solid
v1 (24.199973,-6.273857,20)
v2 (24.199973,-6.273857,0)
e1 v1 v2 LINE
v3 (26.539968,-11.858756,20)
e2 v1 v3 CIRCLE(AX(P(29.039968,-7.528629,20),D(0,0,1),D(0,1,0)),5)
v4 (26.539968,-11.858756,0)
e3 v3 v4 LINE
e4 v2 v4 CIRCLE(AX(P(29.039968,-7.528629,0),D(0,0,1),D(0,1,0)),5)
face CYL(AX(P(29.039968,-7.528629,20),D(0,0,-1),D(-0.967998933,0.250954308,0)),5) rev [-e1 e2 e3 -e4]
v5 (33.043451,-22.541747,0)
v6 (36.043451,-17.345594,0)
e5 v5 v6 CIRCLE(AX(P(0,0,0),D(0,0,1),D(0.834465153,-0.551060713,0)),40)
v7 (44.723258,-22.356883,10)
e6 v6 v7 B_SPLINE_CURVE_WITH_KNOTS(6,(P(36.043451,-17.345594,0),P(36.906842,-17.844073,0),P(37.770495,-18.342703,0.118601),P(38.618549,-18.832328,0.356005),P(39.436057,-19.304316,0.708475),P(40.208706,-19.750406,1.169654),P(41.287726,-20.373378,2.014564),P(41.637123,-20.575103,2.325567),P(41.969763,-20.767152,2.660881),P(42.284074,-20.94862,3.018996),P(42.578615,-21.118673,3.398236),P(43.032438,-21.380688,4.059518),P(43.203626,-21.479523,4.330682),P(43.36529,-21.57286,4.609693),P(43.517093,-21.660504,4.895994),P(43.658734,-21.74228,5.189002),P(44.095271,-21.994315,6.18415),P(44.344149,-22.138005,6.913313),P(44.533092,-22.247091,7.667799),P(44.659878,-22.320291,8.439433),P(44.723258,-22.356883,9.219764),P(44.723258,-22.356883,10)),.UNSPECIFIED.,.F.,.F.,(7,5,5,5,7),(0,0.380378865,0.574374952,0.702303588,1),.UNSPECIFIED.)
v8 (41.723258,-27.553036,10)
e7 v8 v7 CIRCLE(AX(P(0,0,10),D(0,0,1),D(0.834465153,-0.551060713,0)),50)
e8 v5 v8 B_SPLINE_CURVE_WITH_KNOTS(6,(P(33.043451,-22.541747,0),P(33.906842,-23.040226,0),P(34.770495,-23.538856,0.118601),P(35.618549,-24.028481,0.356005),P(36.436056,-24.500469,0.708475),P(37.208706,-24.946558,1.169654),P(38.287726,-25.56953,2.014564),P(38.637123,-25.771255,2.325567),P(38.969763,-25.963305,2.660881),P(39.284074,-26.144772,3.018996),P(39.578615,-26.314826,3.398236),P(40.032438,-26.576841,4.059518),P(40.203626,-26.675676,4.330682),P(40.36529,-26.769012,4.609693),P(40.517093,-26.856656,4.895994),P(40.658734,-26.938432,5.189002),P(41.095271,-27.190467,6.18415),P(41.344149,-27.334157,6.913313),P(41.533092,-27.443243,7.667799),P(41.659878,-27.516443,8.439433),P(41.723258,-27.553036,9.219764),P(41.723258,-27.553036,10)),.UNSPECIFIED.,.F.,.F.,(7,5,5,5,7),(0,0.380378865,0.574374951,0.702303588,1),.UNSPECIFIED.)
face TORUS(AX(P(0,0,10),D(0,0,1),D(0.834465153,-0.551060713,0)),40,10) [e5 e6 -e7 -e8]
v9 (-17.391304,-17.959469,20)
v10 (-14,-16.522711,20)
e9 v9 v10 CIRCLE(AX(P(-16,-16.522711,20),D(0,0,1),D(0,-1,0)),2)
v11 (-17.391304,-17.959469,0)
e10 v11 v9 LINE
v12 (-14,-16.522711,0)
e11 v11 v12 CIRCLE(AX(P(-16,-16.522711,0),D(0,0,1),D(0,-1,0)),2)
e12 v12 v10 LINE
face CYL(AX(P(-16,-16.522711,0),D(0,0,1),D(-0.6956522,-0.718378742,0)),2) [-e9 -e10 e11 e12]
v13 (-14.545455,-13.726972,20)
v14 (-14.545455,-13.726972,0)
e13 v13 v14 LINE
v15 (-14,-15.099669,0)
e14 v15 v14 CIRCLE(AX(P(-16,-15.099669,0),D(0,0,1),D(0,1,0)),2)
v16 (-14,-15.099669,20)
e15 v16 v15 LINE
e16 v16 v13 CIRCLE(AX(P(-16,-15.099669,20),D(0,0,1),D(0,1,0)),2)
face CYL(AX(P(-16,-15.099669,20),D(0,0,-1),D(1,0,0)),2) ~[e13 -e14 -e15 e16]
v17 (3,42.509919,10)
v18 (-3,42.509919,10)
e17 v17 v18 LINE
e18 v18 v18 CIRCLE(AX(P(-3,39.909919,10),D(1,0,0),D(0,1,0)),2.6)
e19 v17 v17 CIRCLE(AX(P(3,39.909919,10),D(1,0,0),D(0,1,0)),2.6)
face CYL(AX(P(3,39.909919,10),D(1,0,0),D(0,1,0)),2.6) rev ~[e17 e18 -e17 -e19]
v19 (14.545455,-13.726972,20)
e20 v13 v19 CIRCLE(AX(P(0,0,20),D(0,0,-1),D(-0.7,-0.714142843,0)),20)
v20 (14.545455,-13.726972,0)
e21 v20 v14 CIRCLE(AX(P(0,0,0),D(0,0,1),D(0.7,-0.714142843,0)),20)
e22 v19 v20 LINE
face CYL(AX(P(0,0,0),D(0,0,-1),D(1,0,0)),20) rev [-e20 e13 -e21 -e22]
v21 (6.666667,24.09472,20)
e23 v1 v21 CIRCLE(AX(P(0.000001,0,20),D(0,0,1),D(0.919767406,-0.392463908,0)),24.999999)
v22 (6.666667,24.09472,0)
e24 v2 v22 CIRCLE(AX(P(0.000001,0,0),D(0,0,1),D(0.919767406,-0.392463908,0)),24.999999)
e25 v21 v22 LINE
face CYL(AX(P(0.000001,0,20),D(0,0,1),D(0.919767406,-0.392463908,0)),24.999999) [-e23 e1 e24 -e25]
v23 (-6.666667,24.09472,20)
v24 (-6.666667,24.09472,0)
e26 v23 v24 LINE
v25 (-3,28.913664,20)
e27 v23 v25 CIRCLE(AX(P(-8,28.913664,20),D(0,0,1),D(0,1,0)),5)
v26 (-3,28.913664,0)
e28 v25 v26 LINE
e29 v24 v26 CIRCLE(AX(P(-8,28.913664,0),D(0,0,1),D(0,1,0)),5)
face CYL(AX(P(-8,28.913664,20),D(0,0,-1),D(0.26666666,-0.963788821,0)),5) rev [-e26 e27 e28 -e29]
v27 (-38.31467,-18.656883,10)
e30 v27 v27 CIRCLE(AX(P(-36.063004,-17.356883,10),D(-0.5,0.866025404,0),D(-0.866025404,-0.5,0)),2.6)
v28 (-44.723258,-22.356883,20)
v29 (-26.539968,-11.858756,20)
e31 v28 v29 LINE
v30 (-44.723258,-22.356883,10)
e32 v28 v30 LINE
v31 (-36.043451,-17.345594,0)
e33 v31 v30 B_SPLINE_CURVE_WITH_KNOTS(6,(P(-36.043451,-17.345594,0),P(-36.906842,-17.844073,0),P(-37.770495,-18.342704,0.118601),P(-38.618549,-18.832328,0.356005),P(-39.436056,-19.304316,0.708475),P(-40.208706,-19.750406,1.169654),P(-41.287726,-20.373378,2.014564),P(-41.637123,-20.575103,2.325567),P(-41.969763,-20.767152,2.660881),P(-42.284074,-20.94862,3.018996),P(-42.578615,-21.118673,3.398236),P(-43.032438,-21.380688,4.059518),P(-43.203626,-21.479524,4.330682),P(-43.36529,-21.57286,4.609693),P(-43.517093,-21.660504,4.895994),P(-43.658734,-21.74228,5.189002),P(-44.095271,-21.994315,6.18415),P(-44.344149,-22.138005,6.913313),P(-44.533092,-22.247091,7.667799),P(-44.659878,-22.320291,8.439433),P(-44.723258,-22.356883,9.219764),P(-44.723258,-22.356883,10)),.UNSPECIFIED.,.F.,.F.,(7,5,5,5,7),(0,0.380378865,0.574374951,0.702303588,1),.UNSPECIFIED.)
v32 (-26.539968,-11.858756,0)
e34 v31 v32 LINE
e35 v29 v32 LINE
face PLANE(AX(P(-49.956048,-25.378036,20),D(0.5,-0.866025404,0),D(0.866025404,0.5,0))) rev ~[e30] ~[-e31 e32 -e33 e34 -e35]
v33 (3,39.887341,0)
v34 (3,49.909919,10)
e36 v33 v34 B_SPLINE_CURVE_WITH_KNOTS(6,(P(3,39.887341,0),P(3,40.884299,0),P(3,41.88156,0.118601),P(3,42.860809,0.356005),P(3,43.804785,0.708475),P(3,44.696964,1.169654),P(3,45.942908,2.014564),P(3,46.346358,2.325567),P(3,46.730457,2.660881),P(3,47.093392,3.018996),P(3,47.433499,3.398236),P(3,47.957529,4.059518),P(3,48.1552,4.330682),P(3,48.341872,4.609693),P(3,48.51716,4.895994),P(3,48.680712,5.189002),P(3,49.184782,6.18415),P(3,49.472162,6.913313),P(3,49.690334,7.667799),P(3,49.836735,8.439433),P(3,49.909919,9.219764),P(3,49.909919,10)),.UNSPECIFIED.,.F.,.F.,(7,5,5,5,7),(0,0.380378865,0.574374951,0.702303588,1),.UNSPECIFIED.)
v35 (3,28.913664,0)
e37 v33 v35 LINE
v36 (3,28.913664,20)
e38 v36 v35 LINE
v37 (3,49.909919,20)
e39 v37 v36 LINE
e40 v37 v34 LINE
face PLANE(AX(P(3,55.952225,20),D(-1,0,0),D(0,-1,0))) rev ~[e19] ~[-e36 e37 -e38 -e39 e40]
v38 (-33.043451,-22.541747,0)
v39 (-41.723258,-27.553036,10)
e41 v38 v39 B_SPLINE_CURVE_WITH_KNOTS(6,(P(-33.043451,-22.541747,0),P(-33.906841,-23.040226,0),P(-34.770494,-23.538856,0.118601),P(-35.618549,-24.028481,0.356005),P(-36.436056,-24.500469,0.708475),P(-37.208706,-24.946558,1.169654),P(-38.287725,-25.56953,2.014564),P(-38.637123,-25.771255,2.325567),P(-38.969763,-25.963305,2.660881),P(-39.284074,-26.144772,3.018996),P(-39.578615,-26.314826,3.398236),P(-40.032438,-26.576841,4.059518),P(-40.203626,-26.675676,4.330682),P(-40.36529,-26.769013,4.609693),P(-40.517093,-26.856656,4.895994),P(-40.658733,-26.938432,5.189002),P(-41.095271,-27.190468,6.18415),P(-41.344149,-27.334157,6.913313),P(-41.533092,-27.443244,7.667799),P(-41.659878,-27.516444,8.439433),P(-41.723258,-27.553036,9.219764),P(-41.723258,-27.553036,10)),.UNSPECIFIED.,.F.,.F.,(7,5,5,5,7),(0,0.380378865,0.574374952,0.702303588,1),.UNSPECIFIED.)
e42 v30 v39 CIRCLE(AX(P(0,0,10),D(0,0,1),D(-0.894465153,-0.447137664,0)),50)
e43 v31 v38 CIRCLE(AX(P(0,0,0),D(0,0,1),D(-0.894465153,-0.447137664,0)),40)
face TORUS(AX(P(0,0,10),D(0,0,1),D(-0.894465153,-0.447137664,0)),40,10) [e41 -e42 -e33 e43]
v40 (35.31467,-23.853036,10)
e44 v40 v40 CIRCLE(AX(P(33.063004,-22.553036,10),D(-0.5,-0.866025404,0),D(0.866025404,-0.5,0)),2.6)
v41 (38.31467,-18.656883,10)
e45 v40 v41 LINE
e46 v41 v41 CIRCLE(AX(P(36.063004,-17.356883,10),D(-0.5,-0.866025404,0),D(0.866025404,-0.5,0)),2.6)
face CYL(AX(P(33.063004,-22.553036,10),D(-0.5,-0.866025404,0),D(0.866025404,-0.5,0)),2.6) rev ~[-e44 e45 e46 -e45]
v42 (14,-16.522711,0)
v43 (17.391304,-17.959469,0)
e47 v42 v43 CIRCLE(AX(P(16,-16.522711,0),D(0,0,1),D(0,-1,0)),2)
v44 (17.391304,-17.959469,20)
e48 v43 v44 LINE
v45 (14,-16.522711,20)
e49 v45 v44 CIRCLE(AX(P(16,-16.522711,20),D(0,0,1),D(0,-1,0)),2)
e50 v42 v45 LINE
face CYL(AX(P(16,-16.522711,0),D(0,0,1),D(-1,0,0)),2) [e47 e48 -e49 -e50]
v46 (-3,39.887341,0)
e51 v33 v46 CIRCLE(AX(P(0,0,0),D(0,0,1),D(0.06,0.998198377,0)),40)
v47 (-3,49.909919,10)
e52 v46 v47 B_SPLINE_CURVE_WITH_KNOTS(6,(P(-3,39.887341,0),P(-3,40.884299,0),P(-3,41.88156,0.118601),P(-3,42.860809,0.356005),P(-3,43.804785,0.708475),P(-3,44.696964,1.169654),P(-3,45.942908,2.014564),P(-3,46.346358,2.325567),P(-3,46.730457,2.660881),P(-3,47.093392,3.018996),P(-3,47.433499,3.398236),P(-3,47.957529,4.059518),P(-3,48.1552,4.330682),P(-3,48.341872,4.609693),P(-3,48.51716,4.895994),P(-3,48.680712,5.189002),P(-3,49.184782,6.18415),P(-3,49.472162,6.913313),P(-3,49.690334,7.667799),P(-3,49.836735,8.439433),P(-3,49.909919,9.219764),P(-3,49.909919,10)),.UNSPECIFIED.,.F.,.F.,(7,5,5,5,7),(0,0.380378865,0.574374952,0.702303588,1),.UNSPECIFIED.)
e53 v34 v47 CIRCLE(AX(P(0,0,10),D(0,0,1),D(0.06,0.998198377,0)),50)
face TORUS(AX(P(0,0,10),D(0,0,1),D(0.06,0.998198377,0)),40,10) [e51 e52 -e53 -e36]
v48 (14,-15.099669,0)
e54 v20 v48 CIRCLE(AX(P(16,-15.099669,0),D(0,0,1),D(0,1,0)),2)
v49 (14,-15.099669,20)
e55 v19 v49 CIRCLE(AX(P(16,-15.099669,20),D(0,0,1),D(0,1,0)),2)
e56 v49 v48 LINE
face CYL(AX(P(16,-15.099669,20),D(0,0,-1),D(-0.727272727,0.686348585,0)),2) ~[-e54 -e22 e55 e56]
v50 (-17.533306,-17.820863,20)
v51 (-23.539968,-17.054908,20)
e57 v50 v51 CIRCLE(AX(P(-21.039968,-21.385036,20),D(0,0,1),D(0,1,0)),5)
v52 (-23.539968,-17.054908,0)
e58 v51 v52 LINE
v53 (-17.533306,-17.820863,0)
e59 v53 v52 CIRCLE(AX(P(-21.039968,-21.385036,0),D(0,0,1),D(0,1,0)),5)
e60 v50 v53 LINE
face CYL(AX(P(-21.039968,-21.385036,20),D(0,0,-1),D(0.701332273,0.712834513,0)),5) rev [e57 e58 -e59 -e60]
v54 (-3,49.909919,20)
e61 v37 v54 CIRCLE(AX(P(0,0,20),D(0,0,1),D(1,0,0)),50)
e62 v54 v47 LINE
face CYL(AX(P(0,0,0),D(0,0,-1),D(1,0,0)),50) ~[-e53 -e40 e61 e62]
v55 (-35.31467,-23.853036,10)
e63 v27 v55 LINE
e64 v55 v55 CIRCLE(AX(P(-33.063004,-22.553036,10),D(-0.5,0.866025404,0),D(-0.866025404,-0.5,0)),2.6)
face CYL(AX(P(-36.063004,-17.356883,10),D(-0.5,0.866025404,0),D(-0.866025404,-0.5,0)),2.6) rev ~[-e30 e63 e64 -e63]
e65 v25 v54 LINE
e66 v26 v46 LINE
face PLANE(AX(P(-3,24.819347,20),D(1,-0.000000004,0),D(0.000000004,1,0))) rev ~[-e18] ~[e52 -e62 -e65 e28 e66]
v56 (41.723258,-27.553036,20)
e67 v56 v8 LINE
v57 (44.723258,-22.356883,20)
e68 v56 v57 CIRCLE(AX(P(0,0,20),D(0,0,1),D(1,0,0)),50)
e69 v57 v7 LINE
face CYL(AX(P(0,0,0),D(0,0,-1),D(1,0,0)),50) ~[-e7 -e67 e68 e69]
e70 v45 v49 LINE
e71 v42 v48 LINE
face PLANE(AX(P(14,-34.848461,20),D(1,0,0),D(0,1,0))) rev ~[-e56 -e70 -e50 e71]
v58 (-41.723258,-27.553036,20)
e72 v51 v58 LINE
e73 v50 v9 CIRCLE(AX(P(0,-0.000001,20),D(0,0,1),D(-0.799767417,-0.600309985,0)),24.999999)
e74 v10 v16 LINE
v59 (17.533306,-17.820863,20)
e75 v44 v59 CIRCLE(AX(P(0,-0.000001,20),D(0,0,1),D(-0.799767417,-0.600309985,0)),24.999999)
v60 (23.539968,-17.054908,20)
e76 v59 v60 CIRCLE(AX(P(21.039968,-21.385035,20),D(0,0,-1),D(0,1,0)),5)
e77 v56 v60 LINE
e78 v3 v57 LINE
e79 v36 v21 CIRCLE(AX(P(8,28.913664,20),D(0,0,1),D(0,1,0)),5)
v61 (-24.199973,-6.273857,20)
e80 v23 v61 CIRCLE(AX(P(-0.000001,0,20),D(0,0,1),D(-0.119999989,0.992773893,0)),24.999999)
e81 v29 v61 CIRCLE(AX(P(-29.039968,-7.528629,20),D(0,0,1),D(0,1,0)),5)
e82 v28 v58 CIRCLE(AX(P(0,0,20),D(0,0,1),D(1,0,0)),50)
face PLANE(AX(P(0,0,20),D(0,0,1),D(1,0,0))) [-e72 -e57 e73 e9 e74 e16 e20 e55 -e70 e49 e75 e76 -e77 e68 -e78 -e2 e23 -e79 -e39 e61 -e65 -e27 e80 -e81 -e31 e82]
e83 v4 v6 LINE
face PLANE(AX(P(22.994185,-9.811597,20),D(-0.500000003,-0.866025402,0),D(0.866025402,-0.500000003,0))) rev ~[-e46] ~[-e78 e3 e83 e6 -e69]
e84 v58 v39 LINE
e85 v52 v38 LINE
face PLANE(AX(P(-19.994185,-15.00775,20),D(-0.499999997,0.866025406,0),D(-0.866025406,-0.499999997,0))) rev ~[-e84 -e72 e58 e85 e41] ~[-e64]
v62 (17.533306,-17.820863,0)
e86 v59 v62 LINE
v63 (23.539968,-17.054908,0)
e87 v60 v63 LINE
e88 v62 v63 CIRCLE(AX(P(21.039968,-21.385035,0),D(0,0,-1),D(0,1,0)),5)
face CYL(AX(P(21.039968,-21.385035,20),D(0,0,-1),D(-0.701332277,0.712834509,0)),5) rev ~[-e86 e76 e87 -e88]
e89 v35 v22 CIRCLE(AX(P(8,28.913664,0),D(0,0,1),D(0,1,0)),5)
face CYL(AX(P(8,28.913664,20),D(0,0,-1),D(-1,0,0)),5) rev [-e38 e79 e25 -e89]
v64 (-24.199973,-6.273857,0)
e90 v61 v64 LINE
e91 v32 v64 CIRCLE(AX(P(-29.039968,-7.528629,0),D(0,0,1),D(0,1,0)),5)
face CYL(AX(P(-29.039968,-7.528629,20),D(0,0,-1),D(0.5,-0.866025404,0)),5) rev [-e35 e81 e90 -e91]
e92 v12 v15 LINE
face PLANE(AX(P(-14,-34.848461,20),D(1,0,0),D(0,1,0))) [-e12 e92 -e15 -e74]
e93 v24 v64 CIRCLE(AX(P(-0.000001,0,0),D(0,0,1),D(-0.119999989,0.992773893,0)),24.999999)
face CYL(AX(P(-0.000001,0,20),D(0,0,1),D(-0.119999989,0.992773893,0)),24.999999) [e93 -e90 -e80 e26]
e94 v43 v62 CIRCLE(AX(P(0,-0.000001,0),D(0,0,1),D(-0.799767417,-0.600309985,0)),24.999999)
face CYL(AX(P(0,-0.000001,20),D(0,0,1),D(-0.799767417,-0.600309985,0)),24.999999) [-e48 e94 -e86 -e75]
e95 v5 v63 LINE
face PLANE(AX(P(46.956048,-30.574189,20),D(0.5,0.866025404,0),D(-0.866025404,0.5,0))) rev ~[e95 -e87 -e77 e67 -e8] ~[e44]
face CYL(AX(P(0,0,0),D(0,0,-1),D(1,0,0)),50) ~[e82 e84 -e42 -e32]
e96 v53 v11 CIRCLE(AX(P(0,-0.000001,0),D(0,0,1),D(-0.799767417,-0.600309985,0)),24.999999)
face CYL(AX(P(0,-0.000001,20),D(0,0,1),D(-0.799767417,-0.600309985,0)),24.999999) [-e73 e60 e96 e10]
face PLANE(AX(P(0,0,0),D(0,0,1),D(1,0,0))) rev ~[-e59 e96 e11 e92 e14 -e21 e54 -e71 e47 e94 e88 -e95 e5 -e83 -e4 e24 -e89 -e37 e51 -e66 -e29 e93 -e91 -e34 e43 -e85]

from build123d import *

# Parameters (mm, degrees)
SKETCH_R              = 50
SKETCH_R_2            = 20
PAD_DEPTH             = 20
POCKET_DEPTH          = 305.658137
POLARPATTERN_COUNT    = 3
SKETCH002_W           = 28
SKETCH002_H           = 22.742476
POCKET001_DEPTH       = 20.001
SKETCH003_R           = 2.6
POCKET002_DEPTH       = 287.850495
POLARPATTERN001_COUNT = 3
FILLET_R              = 2
FILLET001_R           = 5
FILLET002_R           = 10


with BuildPart() as part:
    # Sketch → Pad (new body)
    with BuildSketch(Plane.XY):
        Circle(SKETCH_R)
        Circle(SKETCH_R_2, mode=Mode.SUBTRACT)
    extrude(amount=PAD_DEPTH)

    # Sketch001 (on Face4 of Pad) → Pocket (cut, through all)
    with BuildSketch(Plane.XY.offset(20)):
        with BuildLine():
            ThreePointArc((22.994185, -9.811597), (21.650635, 12.5), (3, 24.819347))
            Line((3, 55.952225), (3, 24.819347))
            ThreePointArc((49.956048, -25.378036), (48.525649, 28.016297), (3, 55.952225))
            Line((22.994185, -9.811597), (49.956048, -25.378036))
        make_face()
    pocket = extrude(amount=-POCKET_DEPTH, mode=Mode.SUBTRACT)

    # PolarPattern: Pocket ×3 about axis
    polarpattern_axis = Axis((0, 0, 20), (0, 0, 1))
    for i in range(1, POLARPATTERN_COUNT):
        add(pocket.rotate(polarpattern_axis, i * 360 / POLARPATTERN_COUNT), mode=Mode.SUBTRACT)

    # Sketch002 (on Face4 of PolarPattern) → Pocket001 (cut, through all)
    with BuildSketch(Plane.XY.offset(20)):
        with Locations((0, -23.477223)):
            Rectangle(SKETCH002_W, SKETCH002_H)
    extrude(amount=-POCKET001_DEPTH, mode=Mode.SUBTRACT)

    # Sketch003 (on Face5 of Pocket001) → Pocket002 (cut, through all)
    with BuildSketch(Plane.YZ.offset(3)):
        with Locations((39.909919, 10)):
            Circle(SKETCH003_R)
    pocket002 = extrude(amount=-POCKET002_DEPTH, mode=Mode.SUBTRACT)

    # PolarPattern001: Pocket002 ×3 about axis
    polarpattern001_axis = Axis((0, 0, 0), (0, 0, 1))
    for i in range(1, POLARPATTERN001_COUNT):
        add(pocket002.rotate(polarpattern001_axis, i * 360 / POLARPATTERN001_COUNT), mode=Mode.SUBTRACT)

    # Fillet
    fillet_edges = [part.edges().sort_by_distance(p)[0] for p in [
        (-14, -20.712315, 10),
        (14, -20.712315, 10),
        (14, -14.282857, 10),
        (-14, -14.282857, 10),
    ]]
    fillet(fillet_edges, radius=FILLET_R)

    # Fillet001
    fillet001_edges = [part.edges().sort_by_distance(p)[0] for p in [
        (3, 24.819347, 10),
        (22.994185, -9.811597, 10),
        (-3, 24.819347, 10),
        (-22.994185, -9.811597, 10),
        (-19.994185, -15.00775, 10),
        (19.994185, -15.00775, 10),
    ]]
    fillet(fillet001_edges, radius=FILLET001_R)

    # Fillet002
    fillet002_edges = [part.edges().sort_by_distance(p)[0] for p in [
        (43.30127, -25, 0),
        (-43.30127, -25, 0),
        (0, 50, 0),
    ]]
    fillet(fillet002_edges, radius=FILLET002_R)


solid = part.part
